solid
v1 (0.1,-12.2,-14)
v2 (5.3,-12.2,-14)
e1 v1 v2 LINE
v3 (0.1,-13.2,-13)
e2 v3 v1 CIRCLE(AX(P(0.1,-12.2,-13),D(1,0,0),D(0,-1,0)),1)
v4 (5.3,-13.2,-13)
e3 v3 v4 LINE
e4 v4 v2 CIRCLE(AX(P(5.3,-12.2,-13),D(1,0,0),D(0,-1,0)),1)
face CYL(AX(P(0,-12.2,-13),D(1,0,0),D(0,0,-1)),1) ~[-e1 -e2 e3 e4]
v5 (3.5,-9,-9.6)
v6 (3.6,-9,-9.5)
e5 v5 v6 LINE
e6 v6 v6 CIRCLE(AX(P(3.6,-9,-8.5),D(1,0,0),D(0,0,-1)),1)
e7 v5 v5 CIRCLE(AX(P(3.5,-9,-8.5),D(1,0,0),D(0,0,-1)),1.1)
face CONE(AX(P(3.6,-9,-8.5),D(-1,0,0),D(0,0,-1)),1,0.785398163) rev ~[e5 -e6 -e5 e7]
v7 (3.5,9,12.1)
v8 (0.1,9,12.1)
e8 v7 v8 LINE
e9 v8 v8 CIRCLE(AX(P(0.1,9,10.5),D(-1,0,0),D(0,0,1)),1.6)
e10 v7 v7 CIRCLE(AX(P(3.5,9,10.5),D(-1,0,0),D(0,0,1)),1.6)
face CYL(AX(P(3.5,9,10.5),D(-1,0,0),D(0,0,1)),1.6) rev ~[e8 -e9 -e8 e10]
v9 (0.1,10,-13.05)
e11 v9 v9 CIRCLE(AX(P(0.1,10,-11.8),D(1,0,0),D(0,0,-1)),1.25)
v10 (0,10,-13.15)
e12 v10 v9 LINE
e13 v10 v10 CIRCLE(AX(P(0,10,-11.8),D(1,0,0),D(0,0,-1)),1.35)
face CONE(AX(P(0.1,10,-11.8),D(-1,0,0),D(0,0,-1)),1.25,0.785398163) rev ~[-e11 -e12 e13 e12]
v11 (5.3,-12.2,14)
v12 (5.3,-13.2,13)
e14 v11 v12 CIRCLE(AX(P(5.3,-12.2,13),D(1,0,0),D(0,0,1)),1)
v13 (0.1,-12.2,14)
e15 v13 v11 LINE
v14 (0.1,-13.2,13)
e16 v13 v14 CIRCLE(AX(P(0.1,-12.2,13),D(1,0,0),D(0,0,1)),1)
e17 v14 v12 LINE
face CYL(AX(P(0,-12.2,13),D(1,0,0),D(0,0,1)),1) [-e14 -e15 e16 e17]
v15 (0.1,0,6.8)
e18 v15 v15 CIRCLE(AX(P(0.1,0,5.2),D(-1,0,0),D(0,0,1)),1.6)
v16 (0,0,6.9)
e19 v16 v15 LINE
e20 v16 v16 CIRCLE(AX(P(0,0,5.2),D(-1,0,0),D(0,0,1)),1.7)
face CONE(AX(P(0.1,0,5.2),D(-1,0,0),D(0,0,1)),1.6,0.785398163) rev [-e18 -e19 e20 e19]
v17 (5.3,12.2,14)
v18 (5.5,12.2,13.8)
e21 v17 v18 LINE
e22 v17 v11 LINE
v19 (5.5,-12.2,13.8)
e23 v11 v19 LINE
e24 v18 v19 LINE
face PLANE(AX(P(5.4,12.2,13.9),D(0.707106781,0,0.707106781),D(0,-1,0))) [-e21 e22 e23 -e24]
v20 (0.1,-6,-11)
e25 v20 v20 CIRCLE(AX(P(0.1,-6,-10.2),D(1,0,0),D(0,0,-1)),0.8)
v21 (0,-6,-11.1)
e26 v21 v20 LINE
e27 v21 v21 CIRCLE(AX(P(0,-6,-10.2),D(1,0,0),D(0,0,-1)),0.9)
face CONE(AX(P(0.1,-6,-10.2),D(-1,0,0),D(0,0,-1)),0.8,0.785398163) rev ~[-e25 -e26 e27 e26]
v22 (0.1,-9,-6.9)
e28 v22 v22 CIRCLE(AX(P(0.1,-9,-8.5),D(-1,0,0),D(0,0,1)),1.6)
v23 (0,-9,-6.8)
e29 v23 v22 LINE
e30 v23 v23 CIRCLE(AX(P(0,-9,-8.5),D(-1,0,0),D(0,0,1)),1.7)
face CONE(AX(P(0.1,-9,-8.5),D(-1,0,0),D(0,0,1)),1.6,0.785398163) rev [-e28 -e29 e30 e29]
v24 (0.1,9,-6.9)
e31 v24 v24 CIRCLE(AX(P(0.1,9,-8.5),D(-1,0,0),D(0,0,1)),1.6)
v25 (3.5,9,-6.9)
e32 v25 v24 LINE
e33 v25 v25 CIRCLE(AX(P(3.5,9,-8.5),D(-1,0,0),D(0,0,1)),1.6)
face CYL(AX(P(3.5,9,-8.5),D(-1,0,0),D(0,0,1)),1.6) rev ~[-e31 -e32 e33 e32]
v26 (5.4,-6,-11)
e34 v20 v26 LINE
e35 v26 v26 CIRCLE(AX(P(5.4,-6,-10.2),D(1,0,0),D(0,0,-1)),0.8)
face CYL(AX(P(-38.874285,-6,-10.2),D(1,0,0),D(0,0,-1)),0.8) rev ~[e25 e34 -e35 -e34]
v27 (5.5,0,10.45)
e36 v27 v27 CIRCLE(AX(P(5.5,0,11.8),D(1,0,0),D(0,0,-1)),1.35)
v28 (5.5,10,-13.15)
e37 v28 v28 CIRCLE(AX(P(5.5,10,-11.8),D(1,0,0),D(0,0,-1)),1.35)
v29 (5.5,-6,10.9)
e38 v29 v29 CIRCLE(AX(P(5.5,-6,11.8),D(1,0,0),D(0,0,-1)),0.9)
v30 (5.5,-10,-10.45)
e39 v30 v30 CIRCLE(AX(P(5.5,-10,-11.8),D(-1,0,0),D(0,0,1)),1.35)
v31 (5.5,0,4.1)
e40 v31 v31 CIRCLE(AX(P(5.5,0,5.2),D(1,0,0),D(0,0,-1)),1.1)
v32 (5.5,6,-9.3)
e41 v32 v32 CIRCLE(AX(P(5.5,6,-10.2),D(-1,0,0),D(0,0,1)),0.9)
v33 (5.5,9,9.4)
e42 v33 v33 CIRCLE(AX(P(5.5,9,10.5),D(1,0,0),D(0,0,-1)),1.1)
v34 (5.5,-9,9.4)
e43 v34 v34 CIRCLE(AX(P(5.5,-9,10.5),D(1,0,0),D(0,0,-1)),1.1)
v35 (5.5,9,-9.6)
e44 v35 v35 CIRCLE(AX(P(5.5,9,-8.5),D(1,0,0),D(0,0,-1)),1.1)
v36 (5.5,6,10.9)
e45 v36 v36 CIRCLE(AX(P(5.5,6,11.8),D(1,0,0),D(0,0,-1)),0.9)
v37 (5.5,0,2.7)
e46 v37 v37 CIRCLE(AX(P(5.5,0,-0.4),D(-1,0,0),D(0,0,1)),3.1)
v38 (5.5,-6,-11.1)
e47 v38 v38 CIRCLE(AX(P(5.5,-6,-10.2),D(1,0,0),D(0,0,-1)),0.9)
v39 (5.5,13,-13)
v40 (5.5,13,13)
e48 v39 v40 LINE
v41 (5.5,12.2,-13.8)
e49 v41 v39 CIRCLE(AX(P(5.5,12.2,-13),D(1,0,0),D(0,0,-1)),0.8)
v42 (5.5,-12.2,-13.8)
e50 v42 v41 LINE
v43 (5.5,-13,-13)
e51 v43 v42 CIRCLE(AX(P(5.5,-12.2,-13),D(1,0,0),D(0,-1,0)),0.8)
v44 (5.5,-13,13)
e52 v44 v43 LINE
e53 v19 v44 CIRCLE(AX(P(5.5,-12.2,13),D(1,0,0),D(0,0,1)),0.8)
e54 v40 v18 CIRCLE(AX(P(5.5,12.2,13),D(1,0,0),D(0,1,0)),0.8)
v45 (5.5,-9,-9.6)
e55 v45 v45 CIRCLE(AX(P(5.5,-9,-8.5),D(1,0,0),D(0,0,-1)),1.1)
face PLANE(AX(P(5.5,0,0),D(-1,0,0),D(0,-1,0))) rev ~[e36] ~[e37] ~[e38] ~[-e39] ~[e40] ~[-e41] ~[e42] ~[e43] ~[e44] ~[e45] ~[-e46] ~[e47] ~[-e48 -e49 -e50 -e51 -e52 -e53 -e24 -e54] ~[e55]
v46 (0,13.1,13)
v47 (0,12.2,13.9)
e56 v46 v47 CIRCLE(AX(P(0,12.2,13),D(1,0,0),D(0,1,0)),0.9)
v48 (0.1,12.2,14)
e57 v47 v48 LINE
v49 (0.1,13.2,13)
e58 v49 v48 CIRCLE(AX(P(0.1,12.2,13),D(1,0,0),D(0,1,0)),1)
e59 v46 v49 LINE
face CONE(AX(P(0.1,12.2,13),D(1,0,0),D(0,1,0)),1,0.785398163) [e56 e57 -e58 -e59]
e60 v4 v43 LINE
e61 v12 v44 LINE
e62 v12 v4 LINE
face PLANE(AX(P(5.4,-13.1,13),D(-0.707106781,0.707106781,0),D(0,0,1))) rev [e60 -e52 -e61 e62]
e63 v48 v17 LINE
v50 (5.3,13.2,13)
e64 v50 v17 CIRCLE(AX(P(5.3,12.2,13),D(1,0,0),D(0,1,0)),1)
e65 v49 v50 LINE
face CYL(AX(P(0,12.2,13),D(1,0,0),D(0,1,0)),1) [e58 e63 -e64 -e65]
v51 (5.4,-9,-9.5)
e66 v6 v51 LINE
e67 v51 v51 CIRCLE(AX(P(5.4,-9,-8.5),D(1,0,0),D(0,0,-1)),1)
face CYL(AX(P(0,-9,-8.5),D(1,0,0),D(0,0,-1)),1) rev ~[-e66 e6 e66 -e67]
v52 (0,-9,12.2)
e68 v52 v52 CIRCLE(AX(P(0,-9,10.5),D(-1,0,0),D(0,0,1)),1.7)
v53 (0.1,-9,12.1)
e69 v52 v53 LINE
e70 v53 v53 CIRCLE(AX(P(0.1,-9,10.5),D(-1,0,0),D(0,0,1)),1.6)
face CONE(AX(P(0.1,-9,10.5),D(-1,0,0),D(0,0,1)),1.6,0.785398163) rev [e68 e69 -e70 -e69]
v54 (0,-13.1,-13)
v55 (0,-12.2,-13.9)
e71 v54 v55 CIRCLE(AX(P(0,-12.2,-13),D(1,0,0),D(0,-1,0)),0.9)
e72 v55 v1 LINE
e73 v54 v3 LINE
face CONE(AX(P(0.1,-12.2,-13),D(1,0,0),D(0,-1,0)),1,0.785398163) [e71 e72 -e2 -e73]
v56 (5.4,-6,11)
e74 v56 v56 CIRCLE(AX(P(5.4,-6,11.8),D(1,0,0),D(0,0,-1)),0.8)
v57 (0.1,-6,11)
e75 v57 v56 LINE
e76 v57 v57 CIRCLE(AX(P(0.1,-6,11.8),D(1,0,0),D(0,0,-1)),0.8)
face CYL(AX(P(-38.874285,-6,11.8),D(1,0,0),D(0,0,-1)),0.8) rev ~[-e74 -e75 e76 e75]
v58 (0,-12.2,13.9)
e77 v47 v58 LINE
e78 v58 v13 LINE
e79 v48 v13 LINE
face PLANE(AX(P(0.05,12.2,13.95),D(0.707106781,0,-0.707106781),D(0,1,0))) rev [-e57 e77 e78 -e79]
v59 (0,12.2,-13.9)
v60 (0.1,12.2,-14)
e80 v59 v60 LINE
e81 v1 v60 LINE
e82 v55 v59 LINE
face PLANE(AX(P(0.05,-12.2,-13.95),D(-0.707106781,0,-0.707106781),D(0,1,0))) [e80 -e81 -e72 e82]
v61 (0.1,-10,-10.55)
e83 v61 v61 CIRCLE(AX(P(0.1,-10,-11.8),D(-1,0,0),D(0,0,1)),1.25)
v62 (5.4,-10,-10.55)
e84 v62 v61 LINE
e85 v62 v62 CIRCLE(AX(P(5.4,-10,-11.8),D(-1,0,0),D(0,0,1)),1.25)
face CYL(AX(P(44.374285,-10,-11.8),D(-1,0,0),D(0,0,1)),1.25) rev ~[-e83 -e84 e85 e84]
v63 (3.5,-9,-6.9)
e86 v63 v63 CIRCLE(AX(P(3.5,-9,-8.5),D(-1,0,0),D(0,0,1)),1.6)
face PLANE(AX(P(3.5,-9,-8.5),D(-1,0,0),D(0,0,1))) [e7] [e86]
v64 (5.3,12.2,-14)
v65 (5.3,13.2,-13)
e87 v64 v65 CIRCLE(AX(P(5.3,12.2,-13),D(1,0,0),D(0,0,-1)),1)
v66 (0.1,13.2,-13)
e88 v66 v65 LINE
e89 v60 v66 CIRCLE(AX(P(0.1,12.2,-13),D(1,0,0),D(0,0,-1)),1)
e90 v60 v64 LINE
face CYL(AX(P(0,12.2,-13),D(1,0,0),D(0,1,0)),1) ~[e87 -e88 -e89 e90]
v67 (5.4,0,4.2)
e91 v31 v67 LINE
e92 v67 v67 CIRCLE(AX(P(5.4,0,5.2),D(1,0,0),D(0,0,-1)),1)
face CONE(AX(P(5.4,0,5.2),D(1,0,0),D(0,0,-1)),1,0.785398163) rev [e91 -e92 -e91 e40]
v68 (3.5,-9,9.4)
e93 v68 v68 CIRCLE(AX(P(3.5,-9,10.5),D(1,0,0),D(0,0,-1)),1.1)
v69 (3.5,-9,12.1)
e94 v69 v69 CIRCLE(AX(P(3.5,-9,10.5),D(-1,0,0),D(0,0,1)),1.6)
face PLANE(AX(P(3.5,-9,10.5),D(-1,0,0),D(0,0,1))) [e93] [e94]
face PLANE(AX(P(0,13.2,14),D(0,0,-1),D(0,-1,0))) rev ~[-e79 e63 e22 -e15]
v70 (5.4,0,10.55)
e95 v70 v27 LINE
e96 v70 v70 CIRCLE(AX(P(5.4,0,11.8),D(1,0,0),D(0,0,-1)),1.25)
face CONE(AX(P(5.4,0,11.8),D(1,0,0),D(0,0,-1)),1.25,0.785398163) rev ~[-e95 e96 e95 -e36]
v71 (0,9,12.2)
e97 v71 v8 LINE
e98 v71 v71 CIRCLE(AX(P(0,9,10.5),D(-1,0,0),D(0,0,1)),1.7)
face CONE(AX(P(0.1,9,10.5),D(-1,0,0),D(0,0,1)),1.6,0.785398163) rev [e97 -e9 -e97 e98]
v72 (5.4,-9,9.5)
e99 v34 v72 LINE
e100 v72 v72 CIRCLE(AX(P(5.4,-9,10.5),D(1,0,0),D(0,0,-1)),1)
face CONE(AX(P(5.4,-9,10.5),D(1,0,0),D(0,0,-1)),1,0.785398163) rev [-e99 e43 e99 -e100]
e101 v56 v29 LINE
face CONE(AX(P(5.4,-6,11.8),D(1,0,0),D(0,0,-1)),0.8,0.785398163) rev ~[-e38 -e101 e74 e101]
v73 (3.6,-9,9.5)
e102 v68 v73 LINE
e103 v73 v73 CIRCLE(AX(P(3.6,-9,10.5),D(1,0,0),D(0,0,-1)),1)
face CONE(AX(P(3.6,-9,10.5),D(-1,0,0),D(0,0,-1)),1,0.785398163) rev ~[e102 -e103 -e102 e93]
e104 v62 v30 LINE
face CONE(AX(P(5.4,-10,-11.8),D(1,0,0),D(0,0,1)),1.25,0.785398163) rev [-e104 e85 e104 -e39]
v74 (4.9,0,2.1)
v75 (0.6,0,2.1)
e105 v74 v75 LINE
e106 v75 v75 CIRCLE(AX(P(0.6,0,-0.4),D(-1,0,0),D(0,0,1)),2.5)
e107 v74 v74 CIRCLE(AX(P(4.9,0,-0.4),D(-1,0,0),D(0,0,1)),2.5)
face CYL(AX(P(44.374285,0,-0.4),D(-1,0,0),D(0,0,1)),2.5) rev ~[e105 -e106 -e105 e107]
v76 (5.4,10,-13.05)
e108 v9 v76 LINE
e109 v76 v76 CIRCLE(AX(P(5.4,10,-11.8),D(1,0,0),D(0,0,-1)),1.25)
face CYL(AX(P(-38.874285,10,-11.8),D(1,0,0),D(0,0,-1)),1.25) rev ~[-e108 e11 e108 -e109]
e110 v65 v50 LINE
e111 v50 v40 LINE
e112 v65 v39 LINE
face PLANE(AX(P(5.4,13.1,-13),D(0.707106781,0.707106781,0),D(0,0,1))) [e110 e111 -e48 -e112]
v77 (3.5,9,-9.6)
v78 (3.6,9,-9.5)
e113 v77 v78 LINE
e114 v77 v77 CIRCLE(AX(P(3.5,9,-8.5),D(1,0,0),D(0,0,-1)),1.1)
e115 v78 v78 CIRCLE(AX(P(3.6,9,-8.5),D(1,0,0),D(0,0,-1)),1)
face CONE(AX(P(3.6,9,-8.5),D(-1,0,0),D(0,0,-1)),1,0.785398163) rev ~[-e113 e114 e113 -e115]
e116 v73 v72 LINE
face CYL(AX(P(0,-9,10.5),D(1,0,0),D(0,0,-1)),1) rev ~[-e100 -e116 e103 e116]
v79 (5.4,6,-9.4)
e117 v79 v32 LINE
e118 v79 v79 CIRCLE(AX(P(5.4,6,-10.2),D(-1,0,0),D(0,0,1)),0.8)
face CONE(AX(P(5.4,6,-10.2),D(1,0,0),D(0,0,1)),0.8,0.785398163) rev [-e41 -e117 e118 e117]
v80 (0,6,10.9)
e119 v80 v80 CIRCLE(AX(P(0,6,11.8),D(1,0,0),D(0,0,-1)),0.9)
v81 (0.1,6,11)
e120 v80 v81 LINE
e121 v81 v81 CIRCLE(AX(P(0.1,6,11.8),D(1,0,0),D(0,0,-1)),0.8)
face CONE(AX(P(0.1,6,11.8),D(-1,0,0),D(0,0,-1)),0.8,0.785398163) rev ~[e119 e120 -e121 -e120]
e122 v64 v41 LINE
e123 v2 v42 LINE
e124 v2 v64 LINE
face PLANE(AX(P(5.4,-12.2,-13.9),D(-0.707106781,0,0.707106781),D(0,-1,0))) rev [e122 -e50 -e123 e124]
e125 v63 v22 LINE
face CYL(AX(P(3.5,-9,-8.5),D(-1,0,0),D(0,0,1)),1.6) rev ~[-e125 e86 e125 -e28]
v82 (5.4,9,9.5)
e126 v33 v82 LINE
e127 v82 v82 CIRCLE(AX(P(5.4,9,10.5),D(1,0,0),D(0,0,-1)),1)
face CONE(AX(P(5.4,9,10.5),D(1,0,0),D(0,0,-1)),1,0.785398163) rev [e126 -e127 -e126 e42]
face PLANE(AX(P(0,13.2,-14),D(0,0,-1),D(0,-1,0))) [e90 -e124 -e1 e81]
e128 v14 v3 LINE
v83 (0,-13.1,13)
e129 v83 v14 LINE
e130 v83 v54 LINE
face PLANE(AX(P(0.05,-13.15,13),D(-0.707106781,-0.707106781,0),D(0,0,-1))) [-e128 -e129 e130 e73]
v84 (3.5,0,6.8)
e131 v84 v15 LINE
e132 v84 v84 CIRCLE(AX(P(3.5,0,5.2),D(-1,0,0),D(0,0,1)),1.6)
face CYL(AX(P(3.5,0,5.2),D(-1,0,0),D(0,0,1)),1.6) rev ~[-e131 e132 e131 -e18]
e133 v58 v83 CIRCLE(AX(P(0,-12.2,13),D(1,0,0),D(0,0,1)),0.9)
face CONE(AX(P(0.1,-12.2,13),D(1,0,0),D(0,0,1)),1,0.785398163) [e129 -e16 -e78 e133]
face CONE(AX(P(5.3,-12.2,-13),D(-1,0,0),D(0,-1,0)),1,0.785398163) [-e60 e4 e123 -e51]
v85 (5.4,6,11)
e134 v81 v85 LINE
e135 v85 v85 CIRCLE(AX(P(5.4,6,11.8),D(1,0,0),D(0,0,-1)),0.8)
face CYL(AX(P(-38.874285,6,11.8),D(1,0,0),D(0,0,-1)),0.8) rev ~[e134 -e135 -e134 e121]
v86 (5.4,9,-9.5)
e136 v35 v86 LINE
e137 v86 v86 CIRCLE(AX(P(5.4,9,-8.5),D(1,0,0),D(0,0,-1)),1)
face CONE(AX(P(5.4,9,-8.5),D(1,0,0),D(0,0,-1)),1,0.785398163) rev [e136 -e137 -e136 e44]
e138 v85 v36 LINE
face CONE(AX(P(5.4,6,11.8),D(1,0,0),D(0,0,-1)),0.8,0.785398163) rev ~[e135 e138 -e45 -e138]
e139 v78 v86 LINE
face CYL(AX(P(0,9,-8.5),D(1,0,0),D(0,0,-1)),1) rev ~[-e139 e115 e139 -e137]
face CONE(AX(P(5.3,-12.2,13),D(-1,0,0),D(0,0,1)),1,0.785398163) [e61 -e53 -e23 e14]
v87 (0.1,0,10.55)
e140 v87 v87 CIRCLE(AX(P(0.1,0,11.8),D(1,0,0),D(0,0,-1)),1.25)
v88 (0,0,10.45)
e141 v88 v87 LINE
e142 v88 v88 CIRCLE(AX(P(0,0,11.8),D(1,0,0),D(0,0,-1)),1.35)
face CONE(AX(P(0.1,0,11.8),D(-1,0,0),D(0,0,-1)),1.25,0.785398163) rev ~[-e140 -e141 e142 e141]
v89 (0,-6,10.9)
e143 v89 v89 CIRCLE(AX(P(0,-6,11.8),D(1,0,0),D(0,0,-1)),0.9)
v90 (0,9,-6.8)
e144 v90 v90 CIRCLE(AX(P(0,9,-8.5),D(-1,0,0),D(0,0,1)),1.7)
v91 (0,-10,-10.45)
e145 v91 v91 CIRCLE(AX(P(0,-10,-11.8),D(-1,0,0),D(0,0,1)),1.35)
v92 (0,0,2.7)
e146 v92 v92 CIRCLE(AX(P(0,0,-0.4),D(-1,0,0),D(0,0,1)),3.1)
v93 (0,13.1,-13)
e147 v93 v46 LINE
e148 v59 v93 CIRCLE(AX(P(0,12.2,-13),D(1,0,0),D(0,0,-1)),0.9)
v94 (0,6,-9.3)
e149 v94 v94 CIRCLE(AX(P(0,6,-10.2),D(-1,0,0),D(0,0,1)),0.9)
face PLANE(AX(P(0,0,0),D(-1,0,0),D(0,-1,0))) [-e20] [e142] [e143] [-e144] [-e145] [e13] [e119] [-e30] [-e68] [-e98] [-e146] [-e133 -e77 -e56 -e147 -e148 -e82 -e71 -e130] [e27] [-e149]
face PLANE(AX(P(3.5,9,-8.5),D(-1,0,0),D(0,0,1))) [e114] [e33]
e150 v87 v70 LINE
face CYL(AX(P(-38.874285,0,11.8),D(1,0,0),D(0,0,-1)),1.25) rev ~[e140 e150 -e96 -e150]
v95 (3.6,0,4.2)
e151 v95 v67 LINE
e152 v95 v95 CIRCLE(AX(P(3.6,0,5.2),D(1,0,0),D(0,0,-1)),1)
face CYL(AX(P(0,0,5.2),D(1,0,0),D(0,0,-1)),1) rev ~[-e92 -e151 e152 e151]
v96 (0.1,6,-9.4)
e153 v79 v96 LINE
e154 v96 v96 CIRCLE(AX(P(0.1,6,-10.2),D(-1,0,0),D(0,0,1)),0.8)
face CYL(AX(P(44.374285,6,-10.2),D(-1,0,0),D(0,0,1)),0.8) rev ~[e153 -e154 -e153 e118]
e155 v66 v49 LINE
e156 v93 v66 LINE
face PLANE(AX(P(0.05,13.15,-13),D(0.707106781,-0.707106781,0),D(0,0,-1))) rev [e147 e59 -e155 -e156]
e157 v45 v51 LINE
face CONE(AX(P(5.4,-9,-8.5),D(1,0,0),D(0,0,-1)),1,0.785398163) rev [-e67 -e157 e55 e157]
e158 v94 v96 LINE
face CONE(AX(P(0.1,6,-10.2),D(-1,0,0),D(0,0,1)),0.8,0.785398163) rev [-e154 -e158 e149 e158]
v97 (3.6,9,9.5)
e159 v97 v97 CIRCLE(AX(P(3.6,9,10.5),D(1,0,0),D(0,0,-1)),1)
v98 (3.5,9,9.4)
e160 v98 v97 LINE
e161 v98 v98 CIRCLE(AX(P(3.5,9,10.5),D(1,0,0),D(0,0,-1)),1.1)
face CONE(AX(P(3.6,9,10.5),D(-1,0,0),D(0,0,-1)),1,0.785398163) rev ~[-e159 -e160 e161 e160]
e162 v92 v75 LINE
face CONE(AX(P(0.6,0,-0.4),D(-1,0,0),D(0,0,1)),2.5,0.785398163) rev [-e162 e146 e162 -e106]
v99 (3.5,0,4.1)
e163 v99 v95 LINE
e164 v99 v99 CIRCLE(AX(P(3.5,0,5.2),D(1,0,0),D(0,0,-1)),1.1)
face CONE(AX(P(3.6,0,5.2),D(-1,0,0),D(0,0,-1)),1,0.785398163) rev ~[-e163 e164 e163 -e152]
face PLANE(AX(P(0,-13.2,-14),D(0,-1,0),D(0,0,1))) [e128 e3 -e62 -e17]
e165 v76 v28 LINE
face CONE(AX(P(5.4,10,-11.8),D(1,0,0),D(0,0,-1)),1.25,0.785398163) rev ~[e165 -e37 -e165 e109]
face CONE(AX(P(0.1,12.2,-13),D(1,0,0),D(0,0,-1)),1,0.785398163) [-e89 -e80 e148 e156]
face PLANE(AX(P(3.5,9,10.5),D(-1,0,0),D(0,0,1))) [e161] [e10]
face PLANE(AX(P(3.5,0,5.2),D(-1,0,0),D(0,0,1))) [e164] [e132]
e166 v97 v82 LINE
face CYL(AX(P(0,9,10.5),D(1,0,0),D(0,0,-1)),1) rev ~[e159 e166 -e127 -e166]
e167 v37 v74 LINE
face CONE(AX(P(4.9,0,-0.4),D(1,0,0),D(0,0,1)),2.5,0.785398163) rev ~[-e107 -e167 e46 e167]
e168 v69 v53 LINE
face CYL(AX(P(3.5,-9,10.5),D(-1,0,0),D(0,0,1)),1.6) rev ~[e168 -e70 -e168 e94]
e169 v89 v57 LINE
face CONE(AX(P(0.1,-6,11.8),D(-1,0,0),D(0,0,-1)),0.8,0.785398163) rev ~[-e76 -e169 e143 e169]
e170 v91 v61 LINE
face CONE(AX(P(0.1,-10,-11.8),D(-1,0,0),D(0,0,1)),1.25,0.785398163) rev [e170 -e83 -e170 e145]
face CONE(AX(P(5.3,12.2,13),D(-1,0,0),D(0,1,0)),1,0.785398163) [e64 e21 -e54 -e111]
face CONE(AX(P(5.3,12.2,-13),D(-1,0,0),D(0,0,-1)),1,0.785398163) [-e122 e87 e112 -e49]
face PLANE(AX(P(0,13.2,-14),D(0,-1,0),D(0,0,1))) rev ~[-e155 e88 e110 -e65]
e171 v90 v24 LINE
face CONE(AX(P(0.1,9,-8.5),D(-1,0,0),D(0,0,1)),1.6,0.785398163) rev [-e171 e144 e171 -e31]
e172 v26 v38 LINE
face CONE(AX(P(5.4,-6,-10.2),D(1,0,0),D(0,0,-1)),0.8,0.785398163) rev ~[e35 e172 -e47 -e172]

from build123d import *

# Parameters (mm, degrees)
SKETCH_1_W                    = 26.4
SKETCH_1_H                    = 28
EXTRUDE_1_DEPTH               = 5.5
HOLE_WIZARD_1_6_1_6_1_D       = 1.6
HOLE_WIZARD_2_5_2_5_1_D       = 2.5
HOLE_WIZARD_1_6_1_6_2_D       = 1.6
HOLE_WIZARD_2_5_2_5_2_D       = 2.5
HOLE_WIZARD_5_0_5_1_D         = 5
HOLE_WIZARD_M1_61_D           = 2
HOLE_WIZARD_M1_61_CBORE_D     = 3.2
HOLE_WIZARD_M1_61_CBORE_DEPTH = 3.5
FILLET_1_R                    = 1
CHAMFER_1_SIZE2               = 0.6
CHAMFER_1_SIZE                = 0.599999999
CHAMFER_2_SIZE                = 0.1
CHAMFER_3_SIZE                = 0.2


with BuildPart() as part:
    # Эскиз1 → Бобышка-Вытянуть1 (new body)
    with BuildSketch(Plane(origin=(0, 0, 0), x_dir=(0, -1, 0), z_dir=(-1, 0, 0))):
        Rectangle(SKETCH_1_W, SKETCH_1_H)
    extrude(amount=-EXTRUDE_1_DEPTH)

    # Диаметр отверстия Ø1.6 (1.6)1 (through all)
    with Locations(Plane.ZY):
        with Locations((-10.2, -6), (11.8, -6), (11.8, 6)):
            Hole(HOLE_WIZARD_1_6_1_6_1_D / 2)

    # Диаметр отверстия Ø2.5 (2.5)1 (through all)
    with Locations(Plane(origin=(5.5, 0, 0), x_dir=(0, 0, -1), z_dir=(1, 0, 0))):
        with Locations((11.8, -10)):
            Hole(HOLE_WIZARD_2_5_2_5_1_D / 2)

    # Диаметр отверстия Ø1.6 (1.6)2 (through all)
    with Locations(Plane(origin=(5.5, 0, 0), x_dir=(0, 0, -1), z_dir=(1, 0, 0))):
        with Locations((10.2, 6)):
            Hole(HOLE_WIZARD_1_6_1_6_2_D / 2)

    # Диаметр отверстия Ø2.5 (2.5)2 (through all)
    with Locations(Plane.ZY):
        with Locations((-11.8, 10), (11.8, 0)):
            Hole(HOLE_WIZARD_2_5_2_5_2_D / 2)

    # Диаметр отверстия Ø5.0 (5)1 (through all)
    with Locations(Plane(origin=(5.5, 0, 0), x_dir=(0, 0, -1), z_dir=(1, 0, 0))):
        with Locations((0.4, 0)):
            Hole(HOLE_WIZARD_5_0_5_1_D / 2)

    # Цековка для винта с внутренним шестигранником M1.61 (through all)
    with Locations(Plane.ZY):
        with Locations((-8.5, 9), (-8.5, -9), (5.2, 0), (10.5, -9), (10.5, 9)):
            CounterBoreHole(HOLE_WIZARD_M1_61_D / 2, HOLE_WIZARD_M1_61_CBORE_D / 2, HOLE_WIZARD_M1_61_CBORE_DEPTH)

    # Скругление1
    fillet_1_edges = [part.edges().sort_by_distance(p)[0] for p in [
        (2.75, -13.2, 14),
        (2.75, -13.2, -14),
        (2.75, 13.2, -14),
        (2.75, 13.2, 14),
    ]]
    fillet(fillet_1_edges, radius=FILLET_1_R)

    # Фаска1
    chamfer_1_edges = [part.edges().sort_by_distance(p)[0] for p in [
        (5.5, 0, -2.9),
        (0, 0, -2.9),
    ]]
    chamfer(chamfer_1_edges, length=CHAMFER_1_SIZE, length2=CHAMFER_1_SIZE2)

    # Фаска2
    chamfer_2_edges = [part.edges().sort_by_distance(p)[0] for p in [
        (0, 6, 12.6),
        (5.5, 6, 12.6),
        (0, -6, 12.6),
        (5.5, -6, 12.6),
        (0, -6, -9.4),
        (5.5, -6, -9.4),
        (5.5, -10, -13.05),
        (0, -10, -13.05),
        (5.5, 6, -11),
        (0, 6, -11),
        (0, 0, 13.05),
        (5.5, 0, 13.05),
        (0, 10, -10.55),
        (5.5, 10, -10.55),
        (0, 9, 8.9),
        (5.5, 9, 11.5),
        (3.5, 9, 11.5),
        (0, -9, 8.9),
        (5.5, -9, 11.5),
        (3.5, -9, 11.5),
        (0, 0, 3.6),
        (5.5, 0, 6.2),
        (3.5, 0, 6.2),
        (0, -9, -10.1),
        (5.5, -9, -7.5),
        (3.5, -9, -7.5),
        (0, 9, -10.1),
        (5.5, 9, -7.5),
        (3.5, 9, -7.5),
        (0, 0, 14),
        (0, 13.2, 0),
        (0, 0, -14),
        (0, -13.2, 0),
        (0, -12.907106781, 13.707106781),
        (0, -12.907106781, -13.707106781),
        (0, 12.907106781, -13.707106781),
        (0, 12.907106781, 13.707106781),
    ]]
    chamfer(chamfer_2_edges, length=CHAMFER_2_SIZE)

    # Фаска3
    chamfer_3_edges = [part.edges().sort_by_distance(p)[0] for p in [
        (5.5, 0, 14),
        (5.5, 13.2, 0),
        (5.5, -13.2, 0),
        (5.5, 0, -14),
        (5.5, -12.907106781, 13.707106781),
        (5.5, -12.907106781, -13.707106781),
        (5.5, 12.907106781, -13.707106781),
        (5.5, 12.907106781, 13.707106781),
    ]]
    chamfer(chamfer_3_edges, length=CHAMFER_3_SIZE)


solid = part.part
